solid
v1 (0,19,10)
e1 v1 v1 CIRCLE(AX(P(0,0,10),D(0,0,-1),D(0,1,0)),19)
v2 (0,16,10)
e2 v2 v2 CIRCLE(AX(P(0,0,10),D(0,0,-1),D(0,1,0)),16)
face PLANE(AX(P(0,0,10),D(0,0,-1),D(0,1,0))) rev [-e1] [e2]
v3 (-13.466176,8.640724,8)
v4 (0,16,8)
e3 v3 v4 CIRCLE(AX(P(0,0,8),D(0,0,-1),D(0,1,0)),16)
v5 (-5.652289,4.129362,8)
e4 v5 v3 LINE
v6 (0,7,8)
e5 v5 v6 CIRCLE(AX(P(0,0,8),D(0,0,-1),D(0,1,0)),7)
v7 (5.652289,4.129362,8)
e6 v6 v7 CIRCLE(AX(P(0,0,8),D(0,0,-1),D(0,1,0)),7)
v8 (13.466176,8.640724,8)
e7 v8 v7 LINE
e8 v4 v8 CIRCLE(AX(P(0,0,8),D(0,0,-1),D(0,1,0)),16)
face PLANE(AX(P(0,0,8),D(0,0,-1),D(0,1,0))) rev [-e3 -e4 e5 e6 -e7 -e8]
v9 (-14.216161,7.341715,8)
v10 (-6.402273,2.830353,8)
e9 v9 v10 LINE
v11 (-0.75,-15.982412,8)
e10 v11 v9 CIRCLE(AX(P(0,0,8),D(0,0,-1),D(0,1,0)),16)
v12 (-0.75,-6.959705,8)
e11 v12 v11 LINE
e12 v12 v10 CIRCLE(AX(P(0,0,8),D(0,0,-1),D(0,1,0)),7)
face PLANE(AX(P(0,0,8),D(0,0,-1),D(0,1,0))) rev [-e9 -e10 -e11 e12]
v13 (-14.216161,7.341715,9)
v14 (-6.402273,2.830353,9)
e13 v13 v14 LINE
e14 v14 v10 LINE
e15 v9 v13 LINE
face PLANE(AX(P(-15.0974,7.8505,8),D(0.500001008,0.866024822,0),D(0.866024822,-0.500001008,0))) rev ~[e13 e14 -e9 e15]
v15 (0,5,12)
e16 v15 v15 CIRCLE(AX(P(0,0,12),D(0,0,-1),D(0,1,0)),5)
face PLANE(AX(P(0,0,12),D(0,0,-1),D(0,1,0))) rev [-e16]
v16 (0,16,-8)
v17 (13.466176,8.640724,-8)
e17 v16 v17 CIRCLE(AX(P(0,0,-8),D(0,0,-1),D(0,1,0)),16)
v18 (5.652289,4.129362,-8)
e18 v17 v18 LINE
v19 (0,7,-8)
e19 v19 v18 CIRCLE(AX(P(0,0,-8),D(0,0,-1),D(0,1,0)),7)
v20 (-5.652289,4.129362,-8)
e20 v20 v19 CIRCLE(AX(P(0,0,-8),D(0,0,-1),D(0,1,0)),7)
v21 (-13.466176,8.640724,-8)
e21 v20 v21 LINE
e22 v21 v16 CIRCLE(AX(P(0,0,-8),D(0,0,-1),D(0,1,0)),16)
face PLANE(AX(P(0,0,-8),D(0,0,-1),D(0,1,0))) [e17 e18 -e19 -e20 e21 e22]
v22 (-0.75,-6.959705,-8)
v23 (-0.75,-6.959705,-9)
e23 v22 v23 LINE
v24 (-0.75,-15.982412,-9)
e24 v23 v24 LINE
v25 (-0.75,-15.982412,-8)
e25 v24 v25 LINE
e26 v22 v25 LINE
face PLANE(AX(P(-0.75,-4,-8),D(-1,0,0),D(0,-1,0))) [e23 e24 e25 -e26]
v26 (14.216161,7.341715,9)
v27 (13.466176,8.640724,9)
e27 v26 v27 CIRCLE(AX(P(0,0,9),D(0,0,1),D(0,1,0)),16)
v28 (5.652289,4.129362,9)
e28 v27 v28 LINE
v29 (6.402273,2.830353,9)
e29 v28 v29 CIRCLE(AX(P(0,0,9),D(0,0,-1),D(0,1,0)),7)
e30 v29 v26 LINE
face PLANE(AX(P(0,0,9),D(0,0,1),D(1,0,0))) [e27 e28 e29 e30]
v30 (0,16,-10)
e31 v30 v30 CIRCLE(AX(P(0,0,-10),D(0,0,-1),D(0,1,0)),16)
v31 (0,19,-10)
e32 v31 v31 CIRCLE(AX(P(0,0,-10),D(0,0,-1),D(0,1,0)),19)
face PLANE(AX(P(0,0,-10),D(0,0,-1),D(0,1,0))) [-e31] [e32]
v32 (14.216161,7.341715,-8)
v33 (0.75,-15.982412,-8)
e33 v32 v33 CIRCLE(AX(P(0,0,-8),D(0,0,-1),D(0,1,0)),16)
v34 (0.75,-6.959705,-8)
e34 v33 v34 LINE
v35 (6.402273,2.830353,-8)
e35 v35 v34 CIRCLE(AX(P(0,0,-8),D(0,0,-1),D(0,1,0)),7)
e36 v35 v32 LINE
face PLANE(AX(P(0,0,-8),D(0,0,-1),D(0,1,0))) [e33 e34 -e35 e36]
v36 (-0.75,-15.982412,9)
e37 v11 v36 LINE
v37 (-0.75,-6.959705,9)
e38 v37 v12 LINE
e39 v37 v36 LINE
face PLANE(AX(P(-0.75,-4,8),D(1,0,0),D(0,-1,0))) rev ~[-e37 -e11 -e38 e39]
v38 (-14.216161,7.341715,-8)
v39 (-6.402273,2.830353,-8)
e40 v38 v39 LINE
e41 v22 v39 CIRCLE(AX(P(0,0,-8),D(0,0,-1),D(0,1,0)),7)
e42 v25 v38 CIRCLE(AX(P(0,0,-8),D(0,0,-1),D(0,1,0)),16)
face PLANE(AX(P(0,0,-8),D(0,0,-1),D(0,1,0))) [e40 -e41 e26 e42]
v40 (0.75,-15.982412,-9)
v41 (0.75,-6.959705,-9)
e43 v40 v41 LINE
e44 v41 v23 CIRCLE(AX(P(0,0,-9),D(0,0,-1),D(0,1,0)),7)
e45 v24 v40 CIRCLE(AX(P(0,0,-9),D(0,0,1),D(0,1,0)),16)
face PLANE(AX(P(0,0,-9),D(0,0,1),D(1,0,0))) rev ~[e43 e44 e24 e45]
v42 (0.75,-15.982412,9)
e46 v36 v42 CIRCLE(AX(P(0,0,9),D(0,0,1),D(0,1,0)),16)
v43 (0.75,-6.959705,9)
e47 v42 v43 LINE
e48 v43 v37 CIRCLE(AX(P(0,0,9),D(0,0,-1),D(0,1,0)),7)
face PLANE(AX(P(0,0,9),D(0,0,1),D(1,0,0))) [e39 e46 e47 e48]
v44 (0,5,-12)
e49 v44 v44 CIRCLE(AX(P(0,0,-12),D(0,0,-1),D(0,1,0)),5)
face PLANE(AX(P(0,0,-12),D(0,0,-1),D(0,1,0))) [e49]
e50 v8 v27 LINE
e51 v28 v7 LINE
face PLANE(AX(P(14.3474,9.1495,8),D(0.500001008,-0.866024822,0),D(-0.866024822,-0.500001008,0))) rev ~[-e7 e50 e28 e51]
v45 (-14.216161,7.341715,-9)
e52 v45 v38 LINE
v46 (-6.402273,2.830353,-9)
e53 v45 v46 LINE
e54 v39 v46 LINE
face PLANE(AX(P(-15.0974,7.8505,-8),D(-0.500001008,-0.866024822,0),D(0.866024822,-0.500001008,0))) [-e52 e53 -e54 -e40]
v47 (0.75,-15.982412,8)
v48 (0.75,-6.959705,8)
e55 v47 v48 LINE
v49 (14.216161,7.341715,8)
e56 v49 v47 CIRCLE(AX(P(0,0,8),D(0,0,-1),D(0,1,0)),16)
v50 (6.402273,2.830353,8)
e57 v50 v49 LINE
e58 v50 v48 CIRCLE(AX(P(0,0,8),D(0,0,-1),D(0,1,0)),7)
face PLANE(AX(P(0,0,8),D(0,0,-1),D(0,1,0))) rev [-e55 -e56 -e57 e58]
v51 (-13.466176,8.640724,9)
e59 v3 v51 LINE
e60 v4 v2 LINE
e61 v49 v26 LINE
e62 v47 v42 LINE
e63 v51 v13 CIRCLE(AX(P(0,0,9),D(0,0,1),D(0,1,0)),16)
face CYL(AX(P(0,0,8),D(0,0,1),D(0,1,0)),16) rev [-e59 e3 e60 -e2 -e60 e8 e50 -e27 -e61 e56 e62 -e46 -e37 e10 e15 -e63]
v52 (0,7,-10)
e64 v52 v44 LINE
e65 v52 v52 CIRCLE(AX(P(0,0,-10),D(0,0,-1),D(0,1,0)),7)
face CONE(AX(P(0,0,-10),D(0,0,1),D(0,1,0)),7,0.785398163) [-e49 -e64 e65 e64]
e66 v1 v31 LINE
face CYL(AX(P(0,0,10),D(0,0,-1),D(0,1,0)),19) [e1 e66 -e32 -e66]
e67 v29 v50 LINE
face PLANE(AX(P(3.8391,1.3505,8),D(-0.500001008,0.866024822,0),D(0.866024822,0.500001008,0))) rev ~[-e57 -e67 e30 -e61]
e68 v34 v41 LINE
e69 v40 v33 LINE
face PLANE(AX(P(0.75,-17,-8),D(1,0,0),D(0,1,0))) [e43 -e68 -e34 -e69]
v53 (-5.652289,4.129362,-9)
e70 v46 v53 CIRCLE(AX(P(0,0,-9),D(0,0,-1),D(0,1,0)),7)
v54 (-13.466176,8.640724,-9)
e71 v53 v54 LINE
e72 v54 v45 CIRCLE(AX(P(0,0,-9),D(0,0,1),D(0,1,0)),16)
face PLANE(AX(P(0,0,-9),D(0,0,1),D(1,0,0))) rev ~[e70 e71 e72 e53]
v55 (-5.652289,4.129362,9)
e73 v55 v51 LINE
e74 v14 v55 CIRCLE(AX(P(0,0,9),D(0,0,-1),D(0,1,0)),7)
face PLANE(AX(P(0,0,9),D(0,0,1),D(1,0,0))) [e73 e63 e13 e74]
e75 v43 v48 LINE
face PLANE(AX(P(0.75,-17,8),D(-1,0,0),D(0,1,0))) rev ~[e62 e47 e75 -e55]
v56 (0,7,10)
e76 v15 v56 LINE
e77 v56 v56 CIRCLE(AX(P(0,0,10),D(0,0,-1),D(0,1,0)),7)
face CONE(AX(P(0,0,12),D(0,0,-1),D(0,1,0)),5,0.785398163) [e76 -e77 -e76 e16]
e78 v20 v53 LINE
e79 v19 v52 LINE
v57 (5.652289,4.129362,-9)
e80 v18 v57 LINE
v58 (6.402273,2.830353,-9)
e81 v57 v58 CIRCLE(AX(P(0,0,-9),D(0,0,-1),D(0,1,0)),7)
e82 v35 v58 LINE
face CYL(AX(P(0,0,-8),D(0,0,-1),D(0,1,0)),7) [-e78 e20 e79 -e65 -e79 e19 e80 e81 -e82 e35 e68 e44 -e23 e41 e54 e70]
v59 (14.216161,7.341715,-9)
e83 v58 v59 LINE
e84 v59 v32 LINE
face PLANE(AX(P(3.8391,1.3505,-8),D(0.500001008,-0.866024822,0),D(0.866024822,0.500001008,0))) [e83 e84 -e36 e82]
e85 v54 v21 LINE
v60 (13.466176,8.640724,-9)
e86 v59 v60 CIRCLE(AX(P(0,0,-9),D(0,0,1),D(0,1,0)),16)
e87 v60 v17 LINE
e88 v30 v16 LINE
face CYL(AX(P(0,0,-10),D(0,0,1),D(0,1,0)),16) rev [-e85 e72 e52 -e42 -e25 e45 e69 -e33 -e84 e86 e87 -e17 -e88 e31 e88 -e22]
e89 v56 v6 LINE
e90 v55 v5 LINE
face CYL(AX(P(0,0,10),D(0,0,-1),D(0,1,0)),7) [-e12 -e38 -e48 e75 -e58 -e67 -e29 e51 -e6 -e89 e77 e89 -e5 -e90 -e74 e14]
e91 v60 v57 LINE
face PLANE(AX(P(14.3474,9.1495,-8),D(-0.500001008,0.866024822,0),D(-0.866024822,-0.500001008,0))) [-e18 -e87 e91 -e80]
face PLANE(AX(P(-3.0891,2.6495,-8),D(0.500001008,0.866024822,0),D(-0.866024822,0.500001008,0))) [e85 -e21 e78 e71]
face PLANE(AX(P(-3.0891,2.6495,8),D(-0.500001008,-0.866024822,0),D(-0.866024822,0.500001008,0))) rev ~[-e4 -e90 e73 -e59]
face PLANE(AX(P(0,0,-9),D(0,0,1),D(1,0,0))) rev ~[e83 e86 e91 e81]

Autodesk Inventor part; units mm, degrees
sketch "Sketch_1" plane through (0, 0, 0) normal (1, 0, 0) x (0, 1, 0)
  line L0 (0, -12) -> (0, 12)
  line L1 (0, 12) -> (5, 12)
  line L2 (5, 12) -> (7, 10)
  line L3 (7, 10) -> (7, 8)
  line L4 (7, 8) -> (16, 8)
  line L5 (16, 8) -> (16, 10)
  line L6 (16, 10) -> (19, 10)
  line L7 (19, 10) -> (19, -10)
  line L8 (19, -10) -> (16, -10)
  line L9 (16, -10) -> (16, -8)
  line L10 (16, -8) -> (7, -8)
  line L11 (7, -8) -> (7, -10)
  line L12 (7, -10) -> (5, -12)
  line L13 (5, -12) -> (0, -12)
  line L14 (0, -12) -> (0, 12)
revolve "Revolution1" add sketch "Sketch_1" angle 360 about axis through (0, 0, -12) along (0, 0, -1)
sketch "Sketch_3" plane through (0, 0, 8) normal (0, 0, 1) x (1, 0, 0)
  line L0 (-0.75, -17) -> (0.75, -17)
  line L1 (0.75, -17) -> (0.75, -4)
  line L2 (0.75, -4) -> (-0.75, -4)
  line L3 (-0.75, -4) -> (-0.75, -17)
extrude "Extrusion1" add sketch "Sketch_3" along normal blind 1
sketch "Sketch_2" plane through (0, 0, 8) normal (0, 0, 1) x (1, 0, 0)
  line L0 (3.0891, 2.6495) -> (3.8391, 1.3505)
  line L1 (3.8391, 1.3505) -> (15.0974, 7.8505)
  line L2 (15.0974, 7.8505) -> (14.3474, 9.1495)
  line L3 (14.3474, 9.1495) -> (3.0891, 2.6495)
extrude "Extrusion2" add sketch "Sketch_2" along normal blind 1
sketch "Sketch_4" plane through (0, 0, 8) normal (0, 0, 1) x (1, 0, 0)
  line L0 (-15.0974, 7.8505) -> (-3.8391, 1.3505)
  line L1 (-3.8391, 1.3505) -> (-3.0891, 2.6495)
  line L2 (-3.0891, 2.6495) -> (-14.3474, 9.1495)
  line L3 (-14.3474, 9.1495) -> (-15.0974, 7.8505)
extrude "Extrusion3" add sketch "Sketch_4" along normal blind 1
sketch "Sketch_5" plane through (0, 0, -8) normal (0, 0, 1) x (1, 0, 0)
  line L0 (-0.75, -17) -> (0.75, -17)
  line L1 (0.75, -17) -> (0.75, -4)
  line L2 (0.75, -4) -> (-0.75, -4)
  line L3 (-0.75, -4) -> (-0.75, -17)
extrude "Extrusion4" add sketch "Sketch_5" against normal blind 1
sketch "Sketch_6" plane through (0, 0, -8) normal (0, 0, 1) x (1, 0, 0)
  line L0 (3.0891, 2.6495) -> (3.8391, 1.3505)
  line L1 (3.8391, 1.3505) -> (15.0974, 7.8505)
  line L2 (15.0974, 7.8505) -> (14.3474, 9.1495)
  line L3 (14.3474, 9.1495) -> (3.0891, 2.6495)
extrude "Extrusion5" add sketch "Sketch_6" against normal blind 1
sketch "Sketch_7" plane through (0, 0, -8) normal (0, 0, 1) x (1, 0, 0)
  line L0 (-15.0974, 7.8505) -> (-3.8391, 1.3505)
  line L1 (-3.8391, 1.3505) -> (-3.0891, 2.6495)
  line L2 (-3.0891, 2.6495) -> (-14.3474, 9.1495)
  line L3 (-14.3474, 9.1495) -> (-15.0974, 7.8505)
extrude "Extrusion6" add sketch "Sketch_7" against normal blind 1
ref_plane "to_wheel_XY" through (0, 0, 0) normal (0, 0, 1) x (1, 0, 0)
ref_plane "to_wheel_YZ" through (0, 0, 0) normal (1, 0, 0) x (0, 1, 0)
ref_plane "to_wheel_ZX" through (0, 0, 0) normal (0, 1, 0) x (0, 0, 1)
properties part number "CHAMJ-E50-Rbearing"
